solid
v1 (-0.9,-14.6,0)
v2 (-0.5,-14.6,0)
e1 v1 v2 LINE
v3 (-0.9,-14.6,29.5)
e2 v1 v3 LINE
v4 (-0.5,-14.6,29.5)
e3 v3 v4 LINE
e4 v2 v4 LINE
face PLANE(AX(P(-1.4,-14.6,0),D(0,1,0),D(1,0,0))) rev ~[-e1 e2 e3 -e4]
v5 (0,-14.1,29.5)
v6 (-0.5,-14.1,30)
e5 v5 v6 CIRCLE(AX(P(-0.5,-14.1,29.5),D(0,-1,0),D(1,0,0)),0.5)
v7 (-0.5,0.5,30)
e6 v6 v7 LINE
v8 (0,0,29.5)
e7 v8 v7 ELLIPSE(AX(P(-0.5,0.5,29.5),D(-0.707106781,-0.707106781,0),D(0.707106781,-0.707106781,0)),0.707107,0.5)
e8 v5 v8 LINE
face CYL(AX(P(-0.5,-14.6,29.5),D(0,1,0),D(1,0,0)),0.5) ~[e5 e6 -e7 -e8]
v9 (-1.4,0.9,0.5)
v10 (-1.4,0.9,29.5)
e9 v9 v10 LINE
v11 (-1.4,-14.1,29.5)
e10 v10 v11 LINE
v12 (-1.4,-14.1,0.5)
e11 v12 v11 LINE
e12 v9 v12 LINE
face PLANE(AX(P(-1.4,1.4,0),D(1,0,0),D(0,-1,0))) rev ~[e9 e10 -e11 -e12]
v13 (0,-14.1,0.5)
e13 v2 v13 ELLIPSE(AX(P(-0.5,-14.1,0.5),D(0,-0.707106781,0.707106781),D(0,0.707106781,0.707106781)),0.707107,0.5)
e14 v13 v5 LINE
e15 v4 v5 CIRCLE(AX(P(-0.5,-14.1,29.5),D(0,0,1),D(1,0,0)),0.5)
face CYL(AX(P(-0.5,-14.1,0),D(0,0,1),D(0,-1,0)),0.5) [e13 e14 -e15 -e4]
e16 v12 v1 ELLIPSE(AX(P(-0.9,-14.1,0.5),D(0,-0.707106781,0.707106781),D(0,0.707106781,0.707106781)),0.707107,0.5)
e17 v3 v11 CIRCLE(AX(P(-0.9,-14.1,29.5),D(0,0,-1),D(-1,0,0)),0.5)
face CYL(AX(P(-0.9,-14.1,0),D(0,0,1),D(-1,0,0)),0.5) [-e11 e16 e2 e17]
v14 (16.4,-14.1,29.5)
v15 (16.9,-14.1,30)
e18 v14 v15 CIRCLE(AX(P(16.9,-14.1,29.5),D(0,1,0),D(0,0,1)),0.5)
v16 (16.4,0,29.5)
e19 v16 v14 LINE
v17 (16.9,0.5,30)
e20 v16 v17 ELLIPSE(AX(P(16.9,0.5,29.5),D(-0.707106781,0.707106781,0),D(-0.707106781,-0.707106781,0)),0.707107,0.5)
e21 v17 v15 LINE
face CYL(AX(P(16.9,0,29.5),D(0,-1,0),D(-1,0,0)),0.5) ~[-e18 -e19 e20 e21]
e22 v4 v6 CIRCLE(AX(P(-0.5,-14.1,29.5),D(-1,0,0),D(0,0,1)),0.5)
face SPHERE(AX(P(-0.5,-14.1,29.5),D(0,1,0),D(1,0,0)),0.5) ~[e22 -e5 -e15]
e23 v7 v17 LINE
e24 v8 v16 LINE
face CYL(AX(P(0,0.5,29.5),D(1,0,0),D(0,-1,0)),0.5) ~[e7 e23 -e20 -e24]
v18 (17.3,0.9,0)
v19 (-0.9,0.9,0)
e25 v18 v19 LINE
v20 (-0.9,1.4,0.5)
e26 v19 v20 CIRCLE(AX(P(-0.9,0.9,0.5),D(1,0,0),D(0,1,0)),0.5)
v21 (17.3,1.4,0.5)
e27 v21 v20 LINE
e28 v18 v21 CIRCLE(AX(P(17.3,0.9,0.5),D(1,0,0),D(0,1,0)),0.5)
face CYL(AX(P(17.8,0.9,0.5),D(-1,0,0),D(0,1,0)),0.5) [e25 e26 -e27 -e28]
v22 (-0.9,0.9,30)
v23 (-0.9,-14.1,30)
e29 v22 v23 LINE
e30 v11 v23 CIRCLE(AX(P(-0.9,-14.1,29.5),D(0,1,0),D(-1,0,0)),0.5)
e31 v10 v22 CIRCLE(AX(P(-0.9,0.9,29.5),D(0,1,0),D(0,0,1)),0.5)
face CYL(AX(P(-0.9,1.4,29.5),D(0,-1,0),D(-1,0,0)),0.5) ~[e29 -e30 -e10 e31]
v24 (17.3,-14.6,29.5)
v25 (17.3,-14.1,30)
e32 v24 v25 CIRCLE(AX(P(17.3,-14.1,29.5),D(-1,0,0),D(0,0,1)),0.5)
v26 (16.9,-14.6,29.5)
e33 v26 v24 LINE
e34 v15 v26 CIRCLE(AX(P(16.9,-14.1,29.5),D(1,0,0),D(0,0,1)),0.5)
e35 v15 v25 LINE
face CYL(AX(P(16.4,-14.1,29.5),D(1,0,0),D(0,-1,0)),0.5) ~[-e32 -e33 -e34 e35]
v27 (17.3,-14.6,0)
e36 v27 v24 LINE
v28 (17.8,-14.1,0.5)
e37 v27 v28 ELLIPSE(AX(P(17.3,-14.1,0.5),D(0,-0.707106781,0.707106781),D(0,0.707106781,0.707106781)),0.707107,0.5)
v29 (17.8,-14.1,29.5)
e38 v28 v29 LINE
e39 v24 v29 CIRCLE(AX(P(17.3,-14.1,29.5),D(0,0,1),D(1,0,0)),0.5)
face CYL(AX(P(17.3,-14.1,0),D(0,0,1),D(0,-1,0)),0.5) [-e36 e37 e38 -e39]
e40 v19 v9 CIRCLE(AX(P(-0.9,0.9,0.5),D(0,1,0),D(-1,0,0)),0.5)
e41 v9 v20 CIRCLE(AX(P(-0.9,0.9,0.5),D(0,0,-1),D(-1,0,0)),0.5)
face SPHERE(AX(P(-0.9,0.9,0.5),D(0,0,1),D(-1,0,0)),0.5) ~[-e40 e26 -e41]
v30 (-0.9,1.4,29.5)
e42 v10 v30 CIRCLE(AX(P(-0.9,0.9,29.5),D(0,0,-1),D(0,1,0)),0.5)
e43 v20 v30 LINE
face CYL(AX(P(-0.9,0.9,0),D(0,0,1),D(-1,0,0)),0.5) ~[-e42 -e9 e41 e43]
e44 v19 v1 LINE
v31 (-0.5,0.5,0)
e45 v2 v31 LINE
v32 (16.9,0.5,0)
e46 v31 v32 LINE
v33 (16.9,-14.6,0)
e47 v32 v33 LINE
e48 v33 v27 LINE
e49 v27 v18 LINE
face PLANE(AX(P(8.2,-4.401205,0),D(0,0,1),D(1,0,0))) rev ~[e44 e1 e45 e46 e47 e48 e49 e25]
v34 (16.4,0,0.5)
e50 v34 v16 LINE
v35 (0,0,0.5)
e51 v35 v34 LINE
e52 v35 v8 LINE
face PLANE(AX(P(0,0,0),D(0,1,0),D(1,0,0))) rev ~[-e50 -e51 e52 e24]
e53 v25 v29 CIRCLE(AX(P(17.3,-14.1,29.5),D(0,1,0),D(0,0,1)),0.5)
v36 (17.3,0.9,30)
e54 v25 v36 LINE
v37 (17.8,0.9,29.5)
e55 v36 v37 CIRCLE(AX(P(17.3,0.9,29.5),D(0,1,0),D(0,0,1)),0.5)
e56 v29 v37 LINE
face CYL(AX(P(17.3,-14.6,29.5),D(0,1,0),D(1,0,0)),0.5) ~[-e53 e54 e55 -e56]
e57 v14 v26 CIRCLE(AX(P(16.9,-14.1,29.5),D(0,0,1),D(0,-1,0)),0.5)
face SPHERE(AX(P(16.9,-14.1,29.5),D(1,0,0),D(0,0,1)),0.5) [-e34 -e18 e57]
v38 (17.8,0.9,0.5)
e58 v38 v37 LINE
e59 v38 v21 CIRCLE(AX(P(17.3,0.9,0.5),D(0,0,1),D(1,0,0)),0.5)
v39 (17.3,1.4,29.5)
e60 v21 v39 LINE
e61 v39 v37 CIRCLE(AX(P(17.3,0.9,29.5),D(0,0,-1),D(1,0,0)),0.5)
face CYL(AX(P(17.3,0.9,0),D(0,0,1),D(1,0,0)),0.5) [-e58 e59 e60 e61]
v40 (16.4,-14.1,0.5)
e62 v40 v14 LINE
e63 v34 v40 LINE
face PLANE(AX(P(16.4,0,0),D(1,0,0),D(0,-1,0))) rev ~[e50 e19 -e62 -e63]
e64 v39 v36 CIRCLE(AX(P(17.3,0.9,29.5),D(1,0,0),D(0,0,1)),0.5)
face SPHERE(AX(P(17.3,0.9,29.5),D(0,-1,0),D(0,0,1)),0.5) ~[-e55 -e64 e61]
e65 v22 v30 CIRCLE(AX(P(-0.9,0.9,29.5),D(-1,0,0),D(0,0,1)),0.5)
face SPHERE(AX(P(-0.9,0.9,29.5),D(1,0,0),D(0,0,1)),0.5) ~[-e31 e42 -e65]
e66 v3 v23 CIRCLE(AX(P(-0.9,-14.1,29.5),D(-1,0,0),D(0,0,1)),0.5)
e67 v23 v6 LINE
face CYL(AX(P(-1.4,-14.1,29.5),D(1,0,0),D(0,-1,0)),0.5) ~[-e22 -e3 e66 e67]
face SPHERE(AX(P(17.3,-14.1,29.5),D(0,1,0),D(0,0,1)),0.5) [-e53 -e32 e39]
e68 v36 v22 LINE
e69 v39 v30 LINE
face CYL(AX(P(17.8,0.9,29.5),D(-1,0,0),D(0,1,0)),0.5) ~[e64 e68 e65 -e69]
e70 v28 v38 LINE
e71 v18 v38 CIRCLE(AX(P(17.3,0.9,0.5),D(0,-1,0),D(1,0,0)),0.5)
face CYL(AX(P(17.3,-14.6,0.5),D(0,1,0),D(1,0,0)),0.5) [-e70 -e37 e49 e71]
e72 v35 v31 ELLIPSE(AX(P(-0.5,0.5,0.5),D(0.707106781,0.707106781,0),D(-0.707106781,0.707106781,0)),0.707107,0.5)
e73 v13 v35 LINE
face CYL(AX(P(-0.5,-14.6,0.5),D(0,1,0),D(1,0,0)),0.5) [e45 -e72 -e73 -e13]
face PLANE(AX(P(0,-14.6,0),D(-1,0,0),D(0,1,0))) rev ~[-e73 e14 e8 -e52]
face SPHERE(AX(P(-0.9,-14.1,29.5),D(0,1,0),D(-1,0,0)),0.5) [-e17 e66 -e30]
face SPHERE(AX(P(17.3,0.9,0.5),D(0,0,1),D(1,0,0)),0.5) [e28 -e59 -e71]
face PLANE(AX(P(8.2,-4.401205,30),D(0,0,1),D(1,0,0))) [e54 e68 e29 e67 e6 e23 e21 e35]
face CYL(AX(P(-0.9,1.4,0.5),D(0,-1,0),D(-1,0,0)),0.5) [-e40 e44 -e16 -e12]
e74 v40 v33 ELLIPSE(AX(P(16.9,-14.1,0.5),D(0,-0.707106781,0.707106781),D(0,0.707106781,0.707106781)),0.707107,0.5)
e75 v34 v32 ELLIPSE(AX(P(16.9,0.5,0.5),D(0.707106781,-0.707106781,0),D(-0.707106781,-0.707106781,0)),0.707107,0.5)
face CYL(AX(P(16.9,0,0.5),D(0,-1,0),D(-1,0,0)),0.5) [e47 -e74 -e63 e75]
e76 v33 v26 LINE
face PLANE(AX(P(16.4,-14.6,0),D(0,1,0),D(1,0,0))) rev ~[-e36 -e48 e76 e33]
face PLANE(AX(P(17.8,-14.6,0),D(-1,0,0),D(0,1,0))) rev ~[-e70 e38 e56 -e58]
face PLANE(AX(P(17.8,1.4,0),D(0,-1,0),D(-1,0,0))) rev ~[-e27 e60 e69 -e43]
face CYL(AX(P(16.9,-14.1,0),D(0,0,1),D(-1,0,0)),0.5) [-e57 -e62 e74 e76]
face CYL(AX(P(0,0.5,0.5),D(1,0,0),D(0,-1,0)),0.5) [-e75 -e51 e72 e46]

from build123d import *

# Parameters (mm, degrees)
PAD_DEPTH = 30
FILLET_R  = 0.5


with BuildPart() as part:
    # Sketch → Pad (new body)
    with BuildSketch(Plane.XY):
        Polygon((-1.4, 1.4), (-1.4, -14.6), (0, -14.6), (0, 0), (16.4, 0), (16.4, -14.6), (17.8, -14.6), (17.8, 1.4), align=None)
    extrude(amount=PAD_DEPTH)

    # Fillet
    fillet_edges = [part.edges().sort_by_distance(p)[0] for p in [
        (17.8, -6.6, 30),
        (17.1, -14.6, 30),
        (16.4, -7.3, 30),
        (8.2, 0, 30),
        (8.2, 1.4, 30),
        (-1.4, -6.6, 30),
        (0, -7.3, 30),
        (-1.4, 1.4, 15),
        (17.8, 1.4, 15),
        (17.8, -14.6, 15),
        (16.4, -14.6, 15),
        (0, -14.6, 15),
        (-1.4, -14.6, 15),
        (-0.7, -14.6, 30),
        (17.8, -6.6, 0),
        (16.4, -7.3, 0),
        (0, -7.3, 0),
        (-1.4, -6.6, 0),
        (8.2, 1.4, 0),
        (8.2, 0, 0),
    ]]
    fillet(fillet_edges, radius=FILLET_R)


solid = part.part
